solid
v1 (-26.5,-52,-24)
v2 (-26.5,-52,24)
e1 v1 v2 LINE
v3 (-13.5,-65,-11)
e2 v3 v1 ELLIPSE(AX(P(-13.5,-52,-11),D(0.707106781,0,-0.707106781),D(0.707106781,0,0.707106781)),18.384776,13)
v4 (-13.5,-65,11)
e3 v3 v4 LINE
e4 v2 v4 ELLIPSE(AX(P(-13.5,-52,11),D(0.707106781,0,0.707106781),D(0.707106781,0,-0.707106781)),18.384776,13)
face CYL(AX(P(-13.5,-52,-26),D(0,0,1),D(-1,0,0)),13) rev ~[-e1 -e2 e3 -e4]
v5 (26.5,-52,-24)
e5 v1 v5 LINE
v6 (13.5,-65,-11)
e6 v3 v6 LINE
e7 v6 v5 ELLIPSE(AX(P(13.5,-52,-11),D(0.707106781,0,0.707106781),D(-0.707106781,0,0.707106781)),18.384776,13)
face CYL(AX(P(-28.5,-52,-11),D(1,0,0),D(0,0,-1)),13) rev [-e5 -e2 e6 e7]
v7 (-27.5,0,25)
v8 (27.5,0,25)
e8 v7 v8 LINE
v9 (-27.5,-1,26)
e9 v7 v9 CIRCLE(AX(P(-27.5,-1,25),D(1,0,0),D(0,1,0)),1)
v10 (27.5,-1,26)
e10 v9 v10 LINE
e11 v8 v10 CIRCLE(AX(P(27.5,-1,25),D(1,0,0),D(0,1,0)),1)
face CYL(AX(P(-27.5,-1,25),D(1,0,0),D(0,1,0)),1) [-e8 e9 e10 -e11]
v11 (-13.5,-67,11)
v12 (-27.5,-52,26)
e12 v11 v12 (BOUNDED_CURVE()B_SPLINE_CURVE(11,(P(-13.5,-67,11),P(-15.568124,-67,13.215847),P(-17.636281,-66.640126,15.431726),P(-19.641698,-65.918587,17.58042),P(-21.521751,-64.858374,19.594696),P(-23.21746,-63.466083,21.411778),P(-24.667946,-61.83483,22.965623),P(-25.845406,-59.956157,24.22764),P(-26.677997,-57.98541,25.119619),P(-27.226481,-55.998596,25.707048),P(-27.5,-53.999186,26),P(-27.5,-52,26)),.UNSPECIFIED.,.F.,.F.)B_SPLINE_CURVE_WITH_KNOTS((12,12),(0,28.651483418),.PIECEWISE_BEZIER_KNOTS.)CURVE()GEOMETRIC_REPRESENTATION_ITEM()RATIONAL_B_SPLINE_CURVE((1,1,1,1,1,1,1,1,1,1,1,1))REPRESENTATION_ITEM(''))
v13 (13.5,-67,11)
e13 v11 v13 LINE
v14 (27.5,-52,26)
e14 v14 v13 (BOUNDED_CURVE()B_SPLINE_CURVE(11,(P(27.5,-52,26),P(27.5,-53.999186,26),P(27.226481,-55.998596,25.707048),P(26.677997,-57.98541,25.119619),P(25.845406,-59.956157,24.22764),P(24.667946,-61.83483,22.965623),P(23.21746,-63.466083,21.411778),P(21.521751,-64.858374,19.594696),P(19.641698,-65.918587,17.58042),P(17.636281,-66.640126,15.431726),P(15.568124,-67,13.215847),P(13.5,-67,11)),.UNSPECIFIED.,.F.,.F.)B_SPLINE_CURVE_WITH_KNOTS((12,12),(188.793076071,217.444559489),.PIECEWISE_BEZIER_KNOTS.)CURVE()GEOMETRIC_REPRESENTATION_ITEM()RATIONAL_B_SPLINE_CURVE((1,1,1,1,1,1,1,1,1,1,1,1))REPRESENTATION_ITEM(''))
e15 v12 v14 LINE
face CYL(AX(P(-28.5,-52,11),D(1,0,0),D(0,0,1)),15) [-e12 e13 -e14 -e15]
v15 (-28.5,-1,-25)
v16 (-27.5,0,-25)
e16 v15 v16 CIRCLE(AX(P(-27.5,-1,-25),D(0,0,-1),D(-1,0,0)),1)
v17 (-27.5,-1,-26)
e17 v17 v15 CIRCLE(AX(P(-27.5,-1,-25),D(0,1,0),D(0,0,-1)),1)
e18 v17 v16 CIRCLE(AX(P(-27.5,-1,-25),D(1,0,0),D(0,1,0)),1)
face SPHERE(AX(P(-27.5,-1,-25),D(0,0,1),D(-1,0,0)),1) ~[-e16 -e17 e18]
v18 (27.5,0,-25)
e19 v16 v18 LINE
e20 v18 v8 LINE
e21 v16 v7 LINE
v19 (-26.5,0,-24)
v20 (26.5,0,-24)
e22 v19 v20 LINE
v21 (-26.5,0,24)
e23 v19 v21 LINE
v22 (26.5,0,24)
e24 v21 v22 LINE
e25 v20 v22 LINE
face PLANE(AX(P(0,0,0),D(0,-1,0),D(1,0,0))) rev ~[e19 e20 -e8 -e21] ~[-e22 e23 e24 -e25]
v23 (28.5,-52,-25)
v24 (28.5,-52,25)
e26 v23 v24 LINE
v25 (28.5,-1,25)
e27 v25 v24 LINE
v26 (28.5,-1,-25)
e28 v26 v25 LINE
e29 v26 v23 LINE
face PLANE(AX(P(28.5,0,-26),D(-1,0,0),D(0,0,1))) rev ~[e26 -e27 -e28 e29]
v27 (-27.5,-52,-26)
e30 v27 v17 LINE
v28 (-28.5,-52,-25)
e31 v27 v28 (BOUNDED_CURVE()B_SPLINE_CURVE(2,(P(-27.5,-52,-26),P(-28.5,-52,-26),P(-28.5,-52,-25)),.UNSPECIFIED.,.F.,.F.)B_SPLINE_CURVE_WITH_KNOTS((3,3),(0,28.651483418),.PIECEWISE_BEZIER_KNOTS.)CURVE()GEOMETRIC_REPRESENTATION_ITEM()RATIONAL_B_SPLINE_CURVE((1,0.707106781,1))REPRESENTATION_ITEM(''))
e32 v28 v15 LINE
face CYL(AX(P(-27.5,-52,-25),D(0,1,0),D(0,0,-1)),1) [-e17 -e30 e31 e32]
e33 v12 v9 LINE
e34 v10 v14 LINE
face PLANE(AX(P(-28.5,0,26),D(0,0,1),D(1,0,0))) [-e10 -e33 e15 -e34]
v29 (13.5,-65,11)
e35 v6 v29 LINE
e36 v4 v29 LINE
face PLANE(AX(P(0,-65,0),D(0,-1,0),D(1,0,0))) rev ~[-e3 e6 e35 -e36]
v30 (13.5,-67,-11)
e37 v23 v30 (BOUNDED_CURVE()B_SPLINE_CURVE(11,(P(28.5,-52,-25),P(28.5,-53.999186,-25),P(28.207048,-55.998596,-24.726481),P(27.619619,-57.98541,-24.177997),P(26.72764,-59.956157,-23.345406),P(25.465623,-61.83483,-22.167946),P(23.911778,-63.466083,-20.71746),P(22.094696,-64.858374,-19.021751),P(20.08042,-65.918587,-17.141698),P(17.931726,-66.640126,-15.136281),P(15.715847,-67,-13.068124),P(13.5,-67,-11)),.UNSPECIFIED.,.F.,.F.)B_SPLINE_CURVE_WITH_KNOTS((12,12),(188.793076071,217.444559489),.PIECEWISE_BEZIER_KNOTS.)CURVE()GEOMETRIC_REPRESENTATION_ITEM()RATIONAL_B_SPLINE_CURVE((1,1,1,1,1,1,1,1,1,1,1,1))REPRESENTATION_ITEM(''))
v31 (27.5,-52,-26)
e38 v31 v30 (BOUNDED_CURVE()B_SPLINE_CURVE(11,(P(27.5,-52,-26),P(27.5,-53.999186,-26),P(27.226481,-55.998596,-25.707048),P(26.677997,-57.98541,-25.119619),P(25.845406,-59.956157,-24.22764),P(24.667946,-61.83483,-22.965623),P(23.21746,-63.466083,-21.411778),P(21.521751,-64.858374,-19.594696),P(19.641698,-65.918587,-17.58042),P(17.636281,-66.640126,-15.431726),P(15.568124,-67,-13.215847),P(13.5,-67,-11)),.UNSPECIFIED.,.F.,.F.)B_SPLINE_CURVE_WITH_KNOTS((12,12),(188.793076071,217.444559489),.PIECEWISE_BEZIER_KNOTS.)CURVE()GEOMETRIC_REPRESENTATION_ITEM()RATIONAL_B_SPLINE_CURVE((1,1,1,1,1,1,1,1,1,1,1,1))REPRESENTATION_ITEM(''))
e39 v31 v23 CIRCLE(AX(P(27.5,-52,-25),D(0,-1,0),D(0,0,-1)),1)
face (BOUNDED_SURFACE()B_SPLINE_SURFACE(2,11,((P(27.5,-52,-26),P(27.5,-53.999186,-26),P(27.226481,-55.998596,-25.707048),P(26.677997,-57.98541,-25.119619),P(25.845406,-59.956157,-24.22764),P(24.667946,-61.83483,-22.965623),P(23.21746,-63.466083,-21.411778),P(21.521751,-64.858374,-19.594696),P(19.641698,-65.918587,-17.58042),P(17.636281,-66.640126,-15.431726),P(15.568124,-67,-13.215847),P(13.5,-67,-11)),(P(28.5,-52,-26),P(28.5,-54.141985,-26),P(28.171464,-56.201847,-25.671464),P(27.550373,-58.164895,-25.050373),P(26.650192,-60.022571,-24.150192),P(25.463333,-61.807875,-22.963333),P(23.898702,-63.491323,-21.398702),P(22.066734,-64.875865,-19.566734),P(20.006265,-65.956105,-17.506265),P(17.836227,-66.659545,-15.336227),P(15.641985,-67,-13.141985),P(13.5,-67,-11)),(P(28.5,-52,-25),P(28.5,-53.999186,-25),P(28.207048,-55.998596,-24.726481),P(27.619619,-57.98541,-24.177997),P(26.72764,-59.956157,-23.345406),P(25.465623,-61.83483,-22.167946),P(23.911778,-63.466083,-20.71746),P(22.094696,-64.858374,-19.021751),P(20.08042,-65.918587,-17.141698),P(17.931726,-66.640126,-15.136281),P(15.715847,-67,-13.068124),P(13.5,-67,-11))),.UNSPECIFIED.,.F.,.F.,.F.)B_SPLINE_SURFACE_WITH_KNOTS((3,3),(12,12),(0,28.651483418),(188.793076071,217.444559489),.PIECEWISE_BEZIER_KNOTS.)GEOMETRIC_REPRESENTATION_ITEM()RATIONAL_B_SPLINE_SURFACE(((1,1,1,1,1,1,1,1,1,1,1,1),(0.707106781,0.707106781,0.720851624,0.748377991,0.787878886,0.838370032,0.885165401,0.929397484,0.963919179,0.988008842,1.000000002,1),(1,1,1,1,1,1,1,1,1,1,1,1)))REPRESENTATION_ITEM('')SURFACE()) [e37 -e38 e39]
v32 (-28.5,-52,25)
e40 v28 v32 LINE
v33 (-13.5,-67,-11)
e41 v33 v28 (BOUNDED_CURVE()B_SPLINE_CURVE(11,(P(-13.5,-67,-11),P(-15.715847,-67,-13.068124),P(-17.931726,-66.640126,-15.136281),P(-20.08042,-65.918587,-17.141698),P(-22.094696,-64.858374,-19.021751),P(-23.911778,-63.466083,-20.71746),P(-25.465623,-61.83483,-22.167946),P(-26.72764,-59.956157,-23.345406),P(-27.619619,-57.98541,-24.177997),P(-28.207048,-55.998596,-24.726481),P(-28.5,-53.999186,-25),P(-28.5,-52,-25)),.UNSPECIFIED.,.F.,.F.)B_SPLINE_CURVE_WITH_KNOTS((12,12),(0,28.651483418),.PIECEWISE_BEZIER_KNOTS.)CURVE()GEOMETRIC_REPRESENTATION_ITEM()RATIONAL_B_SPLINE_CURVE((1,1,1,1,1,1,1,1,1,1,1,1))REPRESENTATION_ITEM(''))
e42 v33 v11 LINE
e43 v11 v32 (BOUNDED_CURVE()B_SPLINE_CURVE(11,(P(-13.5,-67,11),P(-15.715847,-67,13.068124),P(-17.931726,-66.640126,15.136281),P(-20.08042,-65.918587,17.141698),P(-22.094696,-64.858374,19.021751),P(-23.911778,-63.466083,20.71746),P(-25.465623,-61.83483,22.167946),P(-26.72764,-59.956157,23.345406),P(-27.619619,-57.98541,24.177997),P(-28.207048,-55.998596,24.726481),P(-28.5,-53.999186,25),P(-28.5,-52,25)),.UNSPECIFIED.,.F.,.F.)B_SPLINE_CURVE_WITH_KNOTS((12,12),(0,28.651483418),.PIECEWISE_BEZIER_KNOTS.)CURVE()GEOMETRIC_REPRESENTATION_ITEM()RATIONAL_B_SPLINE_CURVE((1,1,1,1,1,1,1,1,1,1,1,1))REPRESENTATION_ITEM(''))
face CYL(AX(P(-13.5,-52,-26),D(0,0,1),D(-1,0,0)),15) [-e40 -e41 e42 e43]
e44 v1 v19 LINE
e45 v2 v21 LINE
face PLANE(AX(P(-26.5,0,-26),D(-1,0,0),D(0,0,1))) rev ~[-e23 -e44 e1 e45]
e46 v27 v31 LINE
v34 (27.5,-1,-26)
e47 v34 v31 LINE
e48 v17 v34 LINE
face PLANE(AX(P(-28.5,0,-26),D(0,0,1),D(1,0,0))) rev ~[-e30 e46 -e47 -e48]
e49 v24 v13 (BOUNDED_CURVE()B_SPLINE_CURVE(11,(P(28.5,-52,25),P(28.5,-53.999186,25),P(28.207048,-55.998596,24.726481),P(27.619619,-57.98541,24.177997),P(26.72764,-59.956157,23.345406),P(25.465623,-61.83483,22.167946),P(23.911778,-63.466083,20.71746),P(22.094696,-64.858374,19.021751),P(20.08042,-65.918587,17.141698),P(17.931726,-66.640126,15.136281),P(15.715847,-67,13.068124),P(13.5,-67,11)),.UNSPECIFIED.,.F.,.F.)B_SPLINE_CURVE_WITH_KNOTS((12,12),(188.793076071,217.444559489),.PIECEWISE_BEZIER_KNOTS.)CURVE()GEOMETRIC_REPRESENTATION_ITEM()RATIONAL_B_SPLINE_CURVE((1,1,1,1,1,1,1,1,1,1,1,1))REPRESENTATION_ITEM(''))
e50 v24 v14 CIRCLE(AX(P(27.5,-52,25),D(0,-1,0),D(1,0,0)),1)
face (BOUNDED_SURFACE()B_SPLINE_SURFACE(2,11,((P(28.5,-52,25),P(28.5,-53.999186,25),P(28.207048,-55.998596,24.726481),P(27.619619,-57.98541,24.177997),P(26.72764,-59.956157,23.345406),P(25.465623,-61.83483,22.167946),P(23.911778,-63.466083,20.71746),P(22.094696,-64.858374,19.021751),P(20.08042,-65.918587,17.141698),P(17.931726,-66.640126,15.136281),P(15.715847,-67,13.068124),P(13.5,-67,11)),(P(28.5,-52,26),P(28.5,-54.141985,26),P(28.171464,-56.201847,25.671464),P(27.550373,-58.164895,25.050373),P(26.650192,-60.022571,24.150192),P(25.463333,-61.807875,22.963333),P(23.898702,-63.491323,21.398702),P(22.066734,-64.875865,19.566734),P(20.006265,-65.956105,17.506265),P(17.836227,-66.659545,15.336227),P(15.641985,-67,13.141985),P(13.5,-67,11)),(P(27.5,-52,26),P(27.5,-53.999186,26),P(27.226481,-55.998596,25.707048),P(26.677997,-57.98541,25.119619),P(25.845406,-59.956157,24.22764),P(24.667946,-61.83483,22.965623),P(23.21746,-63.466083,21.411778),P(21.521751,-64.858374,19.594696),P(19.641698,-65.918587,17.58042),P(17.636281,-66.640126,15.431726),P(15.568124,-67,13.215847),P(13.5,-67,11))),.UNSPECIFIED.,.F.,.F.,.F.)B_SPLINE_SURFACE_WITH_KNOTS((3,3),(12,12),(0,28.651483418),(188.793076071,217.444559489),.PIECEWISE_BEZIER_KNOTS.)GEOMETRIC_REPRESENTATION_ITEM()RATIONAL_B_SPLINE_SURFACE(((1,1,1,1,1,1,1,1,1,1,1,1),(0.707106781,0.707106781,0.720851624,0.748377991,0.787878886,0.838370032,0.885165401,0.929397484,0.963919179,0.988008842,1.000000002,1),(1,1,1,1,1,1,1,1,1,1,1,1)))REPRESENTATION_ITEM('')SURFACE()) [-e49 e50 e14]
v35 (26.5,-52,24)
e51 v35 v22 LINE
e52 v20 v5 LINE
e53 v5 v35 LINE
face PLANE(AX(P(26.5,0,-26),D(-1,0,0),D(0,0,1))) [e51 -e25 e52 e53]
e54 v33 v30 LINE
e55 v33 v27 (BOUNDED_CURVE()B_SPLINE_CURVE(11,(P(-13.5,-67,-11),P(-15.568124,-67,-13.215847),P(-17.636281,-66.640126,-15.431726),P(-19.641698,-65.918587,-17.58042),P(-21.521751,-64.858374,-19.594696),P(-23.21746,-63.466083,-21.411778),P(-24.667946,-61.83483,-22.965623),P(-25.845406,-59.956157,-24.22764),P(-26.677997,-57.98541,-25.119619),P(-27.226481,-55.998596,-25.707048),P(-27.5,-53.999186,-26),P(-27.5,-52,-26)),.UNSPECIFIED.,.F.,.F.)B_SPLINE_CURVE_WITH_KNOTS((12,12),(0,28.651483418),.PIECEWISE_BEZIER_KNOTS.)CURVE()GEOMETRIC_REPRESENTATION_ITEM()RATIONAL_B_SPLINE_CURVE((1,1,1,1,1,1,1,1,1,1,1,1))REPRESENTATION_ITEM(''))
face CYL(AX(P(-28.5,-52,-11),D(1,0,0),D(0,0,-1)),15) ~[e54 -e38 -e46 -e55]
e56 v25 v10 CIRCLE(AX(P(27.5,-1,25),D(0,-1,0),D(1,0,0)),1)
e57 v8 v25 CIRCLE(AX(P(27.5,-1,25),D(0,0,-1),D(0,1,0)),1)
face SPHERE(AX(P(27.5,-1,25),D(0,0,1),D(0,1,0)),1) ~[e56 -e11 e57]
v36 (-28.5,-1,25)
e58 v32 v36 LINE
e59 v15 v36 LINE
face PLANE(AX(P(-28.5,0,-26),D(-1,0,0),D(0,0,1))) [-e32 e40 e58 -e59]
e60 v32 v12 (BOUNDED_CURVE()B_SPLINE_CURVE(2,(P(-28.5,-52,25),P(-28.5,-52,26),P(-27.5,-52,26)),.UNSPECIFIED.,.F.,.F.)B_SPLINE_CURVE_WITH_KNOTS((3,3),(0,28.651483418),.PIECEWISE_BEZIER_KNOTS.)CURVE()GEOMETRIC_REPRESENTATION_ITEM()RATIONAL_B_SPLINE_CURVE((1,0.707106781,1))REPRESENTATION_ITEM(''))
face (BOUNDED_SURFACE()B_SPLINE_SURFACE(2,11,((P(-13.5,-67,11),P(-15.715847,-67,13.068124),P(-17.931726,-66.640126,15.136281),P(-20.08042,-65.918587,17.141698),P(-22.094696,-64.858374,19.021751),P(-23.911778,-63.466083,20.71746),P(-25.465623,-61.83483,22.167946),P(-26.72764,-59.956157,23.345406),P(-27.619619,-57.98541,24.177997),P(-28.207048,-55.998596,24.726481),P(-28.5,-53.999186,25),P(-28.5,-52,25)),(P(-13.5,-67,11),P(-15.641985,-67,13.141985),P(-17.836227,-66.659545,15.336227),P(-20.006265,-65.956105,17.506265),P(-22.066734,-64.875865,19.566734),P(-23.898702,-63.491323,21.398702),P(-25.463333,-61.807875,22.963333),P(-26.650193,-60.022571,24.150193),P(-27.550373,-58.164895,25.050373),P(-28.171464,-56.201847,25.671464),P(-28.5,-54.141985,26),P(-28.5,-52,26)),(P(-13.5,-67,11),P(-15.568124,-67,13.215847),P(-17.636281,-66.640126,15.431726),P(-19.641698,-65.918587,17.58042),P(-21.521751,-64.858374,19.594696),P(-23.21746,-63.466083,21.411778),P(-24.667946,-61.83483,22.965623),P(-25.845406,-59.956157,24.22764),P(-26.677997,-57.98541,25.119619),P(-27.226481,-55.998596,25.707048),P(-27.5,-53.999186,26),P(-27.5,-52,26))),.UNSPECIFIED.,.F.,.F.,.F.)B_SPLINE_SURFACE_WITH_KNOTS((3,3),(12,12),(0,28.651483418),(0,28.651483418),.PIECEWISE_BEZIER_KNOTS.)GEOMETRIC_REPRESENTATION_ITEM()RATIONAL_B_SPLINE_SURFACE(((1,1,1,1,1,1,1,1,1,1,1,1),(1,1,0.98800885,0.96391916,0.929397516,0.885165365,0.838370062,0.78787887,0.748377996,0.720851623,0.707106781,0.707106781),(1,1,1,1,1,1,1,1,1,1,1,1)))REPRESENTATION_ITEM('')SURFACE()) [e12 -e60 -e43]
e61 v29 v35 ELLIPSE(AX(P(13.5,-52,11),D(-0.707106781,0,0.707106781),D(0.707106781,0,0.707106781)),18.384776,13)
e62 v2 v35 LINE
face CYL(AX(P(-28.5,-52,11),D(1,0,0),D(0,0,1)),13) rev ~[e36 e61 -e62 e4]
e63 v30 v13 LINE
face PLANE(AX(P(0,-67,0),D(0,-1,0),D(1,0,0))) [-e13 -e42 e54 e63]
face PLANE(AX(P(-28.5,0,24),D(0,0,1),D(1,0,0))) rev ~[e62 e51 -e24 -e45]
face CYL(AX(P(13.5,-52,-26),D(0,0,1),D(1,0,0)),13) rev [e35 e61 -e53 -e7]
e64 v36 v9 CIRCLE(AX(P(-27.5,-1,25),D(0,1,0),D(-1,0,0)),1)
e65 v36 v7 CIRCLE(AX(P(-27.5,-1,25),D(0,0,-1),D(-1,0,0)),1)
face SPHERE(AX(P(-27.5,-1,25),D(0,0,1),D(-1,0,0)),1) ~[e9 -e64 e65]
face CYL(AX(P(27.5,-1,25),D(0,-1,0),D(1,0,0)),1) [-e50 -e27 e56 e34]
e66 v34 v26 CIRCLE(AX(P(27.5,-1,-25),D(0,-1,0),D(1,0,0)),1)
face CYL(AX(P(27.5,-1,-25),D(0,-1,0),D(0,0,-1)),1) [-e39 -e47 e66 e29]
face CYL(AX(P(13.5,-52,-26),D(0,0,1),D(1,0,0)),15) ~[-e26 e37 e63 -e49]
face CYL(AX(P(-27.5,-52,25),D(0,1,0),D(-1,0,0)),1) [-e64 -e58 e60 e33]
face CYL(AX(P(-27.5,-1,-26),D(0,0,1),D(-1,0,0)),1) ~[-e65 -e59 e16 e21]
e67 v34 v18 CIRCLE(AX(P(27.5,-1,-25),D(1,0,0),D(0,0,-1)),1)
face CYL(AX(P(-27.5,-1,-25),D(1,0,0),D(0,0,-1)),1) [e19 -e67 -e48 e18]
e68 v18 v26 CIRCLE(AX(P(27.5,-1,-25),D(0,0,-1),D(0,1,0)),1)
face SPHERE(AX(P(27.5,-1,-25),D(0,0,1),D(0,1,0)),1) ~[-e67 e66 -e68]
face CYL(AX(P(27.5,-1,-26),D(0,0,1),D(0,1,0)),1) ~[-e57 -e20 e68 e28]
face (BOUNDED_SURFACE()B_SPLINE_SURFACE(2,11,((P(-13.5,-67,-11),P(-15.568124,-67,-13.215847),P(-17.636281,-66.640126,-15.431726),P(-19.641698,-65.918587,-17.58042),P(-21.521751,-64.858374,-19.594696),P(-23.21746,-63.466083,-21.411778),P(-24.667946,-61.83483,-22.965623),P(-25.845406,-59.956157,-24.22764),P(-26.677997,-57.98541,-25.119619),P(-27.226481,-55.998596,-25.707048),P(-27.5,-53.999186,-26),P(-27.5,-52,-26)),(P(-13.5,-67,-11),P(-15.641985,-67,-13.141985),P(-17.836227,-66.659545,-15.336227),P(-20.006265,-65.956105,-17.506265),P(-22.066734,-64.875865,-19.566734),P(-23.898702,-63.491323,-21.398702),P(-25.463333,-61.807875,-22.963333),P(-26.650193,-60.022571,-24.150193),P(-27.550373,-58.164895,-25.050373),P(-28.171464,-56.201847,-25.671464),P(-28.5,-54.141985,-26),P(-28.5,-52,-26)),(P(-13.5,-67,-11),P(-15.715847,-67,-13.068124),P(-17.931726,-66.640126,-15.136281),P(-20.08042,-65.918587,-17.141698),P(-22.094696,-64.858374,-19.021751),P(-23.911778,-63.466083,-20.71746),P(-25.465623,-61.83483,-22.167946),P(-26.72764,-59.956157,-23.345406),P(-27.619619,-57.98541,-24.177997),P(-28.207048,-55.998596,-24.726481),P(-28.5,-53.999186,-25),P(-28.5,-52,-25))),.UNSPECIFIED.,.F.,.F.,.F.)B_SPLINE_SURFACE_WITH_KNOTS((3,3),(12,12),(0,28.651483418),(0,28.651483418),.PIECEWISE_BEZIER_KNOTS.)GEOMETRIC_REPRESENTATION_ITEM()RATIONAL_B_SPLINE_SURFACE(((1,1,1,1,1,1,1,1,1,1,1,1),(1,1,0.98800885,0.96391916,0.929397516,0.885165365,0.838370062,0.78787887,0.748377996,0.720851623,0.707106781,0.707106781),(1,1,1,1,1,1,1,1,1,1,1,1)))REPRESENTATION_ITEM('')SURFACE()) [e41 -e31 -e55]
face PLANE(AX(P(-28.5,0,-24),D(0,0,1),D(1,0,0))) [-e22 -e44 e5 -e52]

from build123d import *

# Parameters (mm, degrees)
F0_W     = 57
F0_H     = 52
F1_DEPTH = 67
F2_R     = 15
F3_T     = -2
F4_R     = 1
F5_R     = 1
F6_R     = 1


with BuildPart() as f1:
    # F0 (on Front) → F1 (new body)
    with BuildSketch(Plane.XZ):
        Rectangle(F0_W, F0_H)
    extrude(amount=F1_DEPTH)

    # F2
    f2_edges = [f1.edges().sort_by_distance(p)[0] for p in [
        (0, -67, 26),
        (-28.5, -67, 0),
        (0, -67, -26),
        (28.5, -67, 0),
    ]]
    fillet(f2_edges, radius=F2_R)

    # F3
    f3_openings = [f1.faces().sort_by_distance(p)[0] for p in [
        (0, 0, 0),
    ]]
    offset(amount=F3_T, openings=f3_openings)

    # F4
    f4_edges = [f1.edges().sort_by_distance(p)[0] for p in [
        (-28.5, 0, 0),
    ]]
    fillet(f4_edges, radius=F4_R)

    # F5
    f5_edges = [f1.edges().sort_by_distance(p)[0] for p in [
        (28.5, 0, 0),
    ]]
    fillet(f5_edges, radius=F5_R)

    # F6
    f6_edges = [f1.edges().sort_by_distance(p)[0] for p in [
        (28.5, -26.5, 26),
        (28.5, -26.5, -26),
        (-28.5, -26.5, 26),
        (-28.5, -26.5, -26),
    ]]
    fillet(f6_edges, radius=F6_R)


solid = f1.part
